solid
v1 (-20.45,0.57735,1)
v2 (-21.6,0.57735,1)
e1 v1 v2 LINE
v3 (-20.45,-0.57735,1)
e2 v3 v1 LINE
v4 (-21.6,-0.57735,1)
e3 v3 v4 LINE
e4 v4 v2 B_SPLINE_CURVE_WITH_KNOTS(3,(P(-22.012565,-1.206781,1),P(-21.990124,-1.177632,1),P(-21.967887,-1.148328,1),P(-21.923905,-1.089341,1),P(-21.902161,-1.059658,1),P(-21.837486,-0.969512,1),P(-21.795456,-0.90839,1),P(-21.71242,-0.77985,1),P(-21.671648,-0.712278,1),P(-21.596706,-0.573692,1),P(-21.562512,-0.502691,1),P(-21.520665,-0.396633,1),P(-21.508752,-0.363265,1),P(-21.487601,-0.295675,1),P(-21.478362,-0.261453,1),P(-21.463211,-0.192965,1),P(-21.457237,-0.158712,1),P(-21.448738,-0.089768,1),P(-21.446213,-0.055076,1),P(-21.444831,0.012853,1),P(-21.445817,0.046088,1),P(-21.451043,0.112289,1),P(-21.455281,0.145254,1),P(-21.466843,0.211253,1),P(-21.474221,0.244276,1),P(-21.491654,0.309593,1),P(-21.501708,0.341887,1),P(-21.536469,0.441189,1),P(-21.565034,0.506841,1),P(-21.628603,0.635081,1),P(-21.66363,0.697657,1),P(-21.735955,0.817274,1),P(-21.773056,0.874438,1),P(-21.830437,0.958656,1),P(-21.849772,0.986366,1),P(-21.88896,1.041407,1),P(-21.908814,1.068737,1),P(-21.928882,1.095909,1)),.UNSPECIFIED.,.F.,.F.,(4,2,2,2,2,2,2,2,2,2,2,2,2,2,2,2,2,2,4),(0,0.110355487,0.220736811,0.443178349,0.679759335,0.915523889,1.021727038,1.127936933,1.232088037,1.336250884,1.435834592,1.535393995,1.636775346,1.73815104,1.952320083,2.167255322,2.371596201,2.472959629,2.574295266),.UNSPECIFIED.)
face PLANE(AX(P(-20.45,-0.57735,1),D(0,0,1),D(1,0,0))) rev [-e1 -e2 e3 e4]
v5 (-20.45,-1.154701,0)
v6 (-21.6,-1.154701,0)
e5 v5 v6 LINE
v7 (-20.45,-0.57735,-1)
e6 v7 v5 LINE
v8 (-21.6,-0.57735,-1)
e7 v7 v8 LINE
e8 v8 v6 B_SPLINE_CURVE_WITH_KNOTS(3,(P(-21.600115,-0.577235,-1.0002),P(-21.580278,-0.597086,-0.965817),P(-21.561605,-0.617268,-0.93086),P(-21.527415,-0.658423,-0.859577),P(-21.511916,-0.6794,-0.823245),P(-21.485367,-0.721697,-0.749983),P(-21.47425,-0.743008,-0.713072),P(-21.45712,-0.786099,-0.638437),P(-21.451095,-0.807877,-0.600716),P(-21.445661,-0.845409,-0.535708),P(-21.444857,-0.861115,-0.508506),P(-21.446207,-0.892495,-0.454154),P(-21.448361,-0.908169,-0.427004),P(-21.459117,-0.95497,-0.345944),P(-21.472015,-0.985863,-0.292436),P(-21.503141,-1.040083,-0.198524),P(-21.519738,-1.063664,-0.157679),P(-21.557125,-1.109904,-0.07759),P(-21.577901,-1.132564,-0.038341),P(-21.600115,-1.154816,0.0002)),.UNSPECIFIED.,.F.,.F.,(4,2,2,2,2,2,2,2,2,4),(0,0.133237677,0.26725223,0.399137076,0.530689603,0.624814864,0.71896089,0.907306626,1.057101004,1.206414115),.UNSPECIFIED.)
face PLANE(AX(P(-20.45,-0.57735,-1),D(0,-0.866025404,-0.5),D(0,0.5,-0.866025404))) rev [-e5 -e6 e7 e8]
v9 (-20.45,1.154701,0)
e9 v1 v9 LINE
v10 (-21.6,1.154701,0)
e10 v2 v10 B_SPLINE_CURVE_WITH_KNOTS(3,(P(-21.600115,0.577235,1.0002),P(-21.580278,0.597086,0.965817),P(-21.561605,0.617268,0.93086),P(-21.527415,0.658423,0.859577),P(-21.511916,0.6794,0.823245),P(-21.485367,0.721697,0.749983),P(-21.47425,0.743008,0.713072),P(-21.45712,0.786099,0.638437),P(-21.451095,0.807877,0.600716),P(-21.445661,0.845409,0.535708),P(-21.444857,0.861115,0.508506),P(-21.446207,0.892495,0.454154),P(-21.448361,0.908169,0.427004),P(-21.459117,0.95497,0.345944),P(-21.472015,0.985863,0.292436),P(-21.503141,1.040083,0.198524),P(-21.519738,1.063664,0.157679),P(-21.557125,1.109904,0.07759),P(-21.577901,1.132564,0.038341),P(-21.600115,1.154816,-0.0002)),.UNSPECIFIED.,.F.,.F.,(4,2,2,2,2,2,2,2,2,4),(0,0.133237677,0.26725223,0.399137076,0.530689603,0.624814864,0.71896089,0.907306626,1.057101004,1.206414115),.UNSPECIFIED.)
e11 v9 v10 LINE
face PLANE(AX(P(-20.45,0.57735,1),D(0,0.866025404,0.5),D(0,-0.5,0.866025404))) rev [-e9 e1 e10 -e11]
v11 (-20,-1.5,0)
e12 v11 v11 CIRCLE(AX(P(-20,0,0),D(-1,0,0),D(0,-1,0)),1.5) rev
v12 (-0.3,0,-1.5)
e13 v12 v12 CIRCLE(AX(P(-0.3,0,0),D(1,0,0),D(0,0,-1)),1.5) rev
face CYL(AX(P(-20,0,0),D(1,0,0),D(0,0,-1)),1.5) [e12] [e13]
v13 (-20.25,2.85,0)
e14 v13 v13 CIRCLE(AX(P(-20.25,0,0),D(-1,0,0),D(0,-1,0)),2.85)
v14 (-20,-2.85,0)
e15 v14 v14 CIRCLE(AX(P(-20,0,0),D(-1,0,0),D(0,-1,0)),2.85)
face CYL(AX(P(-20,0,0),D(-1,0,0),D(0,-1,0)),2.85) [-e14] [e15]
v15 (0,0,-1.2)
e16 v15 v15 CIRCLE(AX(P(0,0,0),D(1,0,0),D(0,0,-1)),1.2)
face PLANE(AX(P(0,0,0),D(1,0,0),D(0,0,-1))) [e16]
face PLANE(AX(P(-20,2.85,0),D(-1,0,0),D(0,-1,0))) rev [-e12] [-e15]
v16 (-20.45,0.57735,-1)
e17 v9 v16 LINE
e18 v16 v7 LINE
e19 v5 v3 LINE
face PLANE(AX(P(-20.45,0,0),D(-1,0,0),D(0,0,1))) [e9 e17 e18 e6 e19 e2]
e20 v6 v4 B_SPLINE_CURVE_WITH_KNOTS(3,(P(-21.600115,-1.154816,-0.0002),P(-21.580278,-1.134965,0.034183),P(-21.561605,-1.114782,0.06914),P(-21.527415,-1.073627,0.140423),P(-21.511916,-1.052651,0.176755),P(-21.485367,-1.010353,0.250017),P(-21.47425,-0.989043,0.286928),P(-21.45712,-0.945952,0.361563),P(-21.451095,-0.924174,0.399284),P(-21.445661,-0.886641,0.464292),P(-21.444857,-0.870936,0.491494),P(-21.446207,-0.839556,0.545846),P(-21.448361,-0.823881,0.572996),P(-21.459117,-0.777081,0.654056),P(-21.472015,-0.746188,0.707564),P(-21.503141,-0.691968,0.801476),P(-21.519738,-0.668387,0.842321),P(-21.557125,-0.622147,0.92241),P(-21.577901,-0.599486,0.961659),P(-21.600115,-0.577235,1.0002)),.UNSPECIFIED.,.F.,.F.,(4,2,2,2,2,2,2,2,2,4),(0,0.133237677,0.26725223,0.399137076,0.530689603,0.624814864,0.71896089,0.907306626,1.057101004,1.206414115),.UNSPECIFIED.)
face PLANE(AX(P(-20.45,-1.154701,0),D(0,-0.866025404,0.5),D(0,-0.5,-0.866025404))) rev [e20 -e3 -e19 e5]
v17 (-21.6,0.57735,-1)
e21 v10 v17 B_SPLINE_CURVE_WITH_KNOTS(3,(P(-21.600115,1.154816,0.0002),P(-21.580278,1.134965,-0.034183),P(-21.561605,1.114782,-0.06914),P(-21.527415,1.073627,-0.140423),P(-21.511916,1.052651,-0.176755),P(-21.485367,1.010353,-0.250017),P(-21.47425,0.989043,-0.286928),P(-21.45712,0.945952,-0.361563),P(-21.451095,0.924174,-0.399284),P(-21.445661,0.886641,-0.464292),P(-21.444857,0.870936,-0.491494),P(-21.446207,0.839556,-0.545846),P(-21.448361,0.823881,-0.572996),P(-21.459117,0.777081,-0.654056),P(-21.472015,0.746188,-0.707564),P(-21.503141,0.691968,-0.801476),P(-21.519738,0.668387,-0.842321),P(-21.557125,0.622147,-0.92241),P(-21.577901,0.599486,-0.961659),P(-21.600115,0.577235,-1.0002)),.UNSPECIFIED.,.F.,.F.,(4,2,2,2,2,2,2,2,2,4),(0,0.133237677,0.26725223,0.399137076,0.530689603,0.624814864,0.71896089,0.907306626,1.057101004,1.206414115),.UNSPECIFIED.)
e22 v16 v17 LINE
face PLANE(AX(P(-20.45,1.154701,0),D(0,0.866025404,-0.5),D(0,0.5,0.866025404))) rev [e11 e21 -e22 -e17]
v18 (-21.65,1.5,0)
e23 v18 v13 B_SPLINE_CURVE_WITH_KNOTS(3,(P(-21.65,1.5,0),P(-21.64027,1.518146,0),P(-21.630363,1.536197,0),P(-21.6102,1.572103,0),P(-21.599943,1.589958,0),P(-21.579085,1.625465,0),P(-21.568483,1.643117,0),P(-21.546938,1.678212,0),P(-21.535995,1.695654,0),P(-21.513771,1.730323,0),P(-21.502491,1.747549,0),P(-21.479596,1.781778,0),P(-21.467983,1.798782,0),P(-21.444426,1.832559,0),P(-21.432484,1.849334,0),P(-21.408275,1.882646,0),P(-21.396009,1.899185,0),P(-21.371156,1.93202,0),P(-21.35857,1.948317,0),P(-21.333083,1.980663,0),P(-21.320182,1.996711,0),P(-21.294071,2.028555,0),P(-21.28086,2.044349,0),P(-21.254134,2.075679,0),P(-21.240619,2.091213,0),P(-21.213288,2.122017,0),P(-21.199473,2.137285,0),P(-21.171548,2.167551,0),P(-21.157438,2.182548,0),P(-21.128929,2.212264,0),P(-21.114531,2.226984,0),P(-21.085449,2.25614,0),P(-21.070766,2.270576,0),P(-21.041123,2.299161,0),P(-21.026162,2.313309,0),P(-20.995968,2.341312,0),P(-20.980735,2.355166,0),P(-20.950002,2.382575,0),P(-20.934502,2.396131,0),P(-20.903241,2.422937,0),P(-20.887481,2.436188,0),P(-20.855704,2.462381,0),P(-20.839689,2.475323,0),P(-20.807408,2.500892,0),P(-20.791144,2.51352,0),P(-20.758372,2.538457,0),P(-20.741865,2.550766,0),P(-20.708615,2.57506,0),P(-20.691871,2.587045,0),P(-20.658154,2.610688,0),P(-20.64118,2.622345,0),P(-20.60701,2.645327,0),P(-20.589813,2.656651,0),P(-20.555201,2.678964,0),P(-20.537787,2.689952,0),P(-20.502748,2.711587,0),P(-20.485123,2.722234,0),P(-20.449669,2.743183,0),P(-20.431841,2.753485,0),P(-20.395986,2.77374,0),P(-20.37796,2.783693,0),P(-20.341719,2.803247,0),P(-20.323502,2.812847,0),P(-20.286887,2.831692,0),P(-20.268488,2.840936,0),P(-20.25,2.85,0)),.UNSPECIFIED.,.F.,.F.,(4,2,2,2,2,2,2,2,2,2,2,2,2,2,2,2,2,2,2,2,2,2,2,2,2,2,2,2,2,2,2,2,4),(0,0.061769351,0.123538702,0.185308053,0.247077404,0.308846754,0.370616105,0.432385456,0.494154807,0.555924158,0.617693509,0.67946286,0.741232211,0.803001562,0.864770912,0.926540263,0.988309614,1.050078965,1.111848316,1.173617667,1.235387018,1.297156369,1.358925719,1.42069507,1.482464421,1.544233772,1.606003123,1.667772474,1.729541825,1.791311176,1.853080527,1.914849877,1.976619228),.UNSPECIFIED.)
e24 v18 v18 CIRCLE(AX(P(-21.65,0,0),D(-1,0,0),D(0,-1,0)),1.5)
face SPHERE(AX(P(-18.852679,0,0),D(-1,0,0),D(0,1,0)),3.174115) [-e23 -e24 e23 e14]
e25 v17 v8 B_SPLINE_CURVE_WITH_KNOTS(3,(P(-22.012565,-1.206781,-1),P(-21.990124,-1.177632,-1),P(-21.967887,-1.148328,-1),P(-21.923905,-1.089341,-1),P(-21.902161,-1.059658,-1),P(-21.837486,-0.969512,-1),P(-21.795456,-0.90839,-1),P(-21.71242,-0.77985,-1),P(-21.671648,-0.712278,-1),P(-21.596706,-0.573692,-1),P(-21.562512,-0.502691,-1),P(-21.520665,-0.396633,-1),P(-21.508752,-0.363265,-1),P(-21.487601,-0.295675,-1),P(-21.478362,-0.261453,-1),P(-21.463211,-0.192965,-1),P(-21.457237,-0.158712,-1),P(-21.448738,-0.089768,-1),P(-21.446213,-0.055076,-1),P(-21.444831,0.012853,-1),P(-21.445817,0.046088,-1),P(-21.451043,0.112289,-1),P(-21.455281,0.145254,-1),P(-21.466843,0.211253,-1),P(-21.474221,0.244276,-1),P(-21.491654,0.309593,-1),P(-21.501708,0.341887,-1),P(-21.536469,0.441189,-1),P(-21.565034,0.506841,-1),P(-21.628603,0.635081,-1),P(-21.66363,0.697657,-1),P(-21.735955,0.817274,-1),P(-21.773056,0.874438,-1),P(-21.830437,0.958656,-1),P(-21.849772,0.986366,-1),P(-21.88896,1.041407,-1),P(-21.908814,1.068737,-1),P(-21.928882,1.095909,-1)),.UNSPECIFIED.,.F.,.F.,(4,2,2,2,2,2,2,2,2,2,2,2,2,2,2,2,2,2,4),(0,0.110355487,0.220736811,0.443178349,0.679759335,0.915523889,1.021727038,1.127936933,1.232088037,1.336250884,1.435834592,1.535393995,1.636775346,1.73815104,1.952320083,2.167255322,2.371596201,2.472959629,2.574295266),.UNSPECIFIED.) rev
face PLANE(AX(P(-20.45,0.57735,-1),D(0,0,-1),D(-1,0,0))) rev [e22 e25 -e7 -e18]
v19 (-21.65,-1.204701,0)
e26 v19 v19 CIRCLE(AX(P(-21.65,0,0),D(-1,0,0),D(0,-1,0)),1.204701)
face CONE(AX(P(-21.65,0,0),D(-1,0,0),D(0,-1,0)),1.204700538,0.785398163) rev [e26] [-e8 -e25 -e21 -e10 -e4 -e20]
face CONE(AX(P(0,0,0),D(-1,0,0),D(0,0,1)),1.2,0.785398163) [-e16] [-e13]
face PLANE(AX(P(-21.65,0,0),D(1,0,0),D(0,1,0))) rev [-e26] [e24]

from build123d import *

# Parameters (mm, degrees)
SKETCH2_R           = 1.5
BOSS_EXTRUDE1_DEPTH = 20
CHAMFER1_SIZE       = 0.3
CUT_EXTRUDE1_DEPTH  = 1.2
SKETCH8_R           = 1.204700538
CUT_EXTRUDE2_DEPTH  = 1
CUT_EXTRUDE2_DRAFT  = -45


with BuildPart() as part:
    # Sketch2 → Boss-Extrude1 (new body)
    with BuildSketch(Plane(origin=(0, 0, 0), x_dir=(0, 0, -1), z_dir=(1, 0, 0))):
        Circle(SKETCH2_R)
    extrude(amount=-BOSS_EXTRUDE1_DEPTH)

    # Chamfer1
    chamfer1_edges = [part.edges().sort_by_distance(p)[0] for p in [
        (0, 0, 1.5),
    ]]
    chamfer(chamfer1_edges, length=CHAMFER1_SIZE)

    # Sketch6 → Revolve1 (revolve)
    with BuildSketch(Plane.XY):
        with BuildLine():
            Line((-21.65, 0), (-21.65, 1.5))
            ThreePointArc((-21.65, 1.5), (-21.055944823, 2.284868705), (-20.25, 2.85))
            Line((-20.25, 2.85), (-20, 2.85))
            Line((-20, 2.85), (-20, 0))
            Line((-20, 0), (-21.65, 0))
        make_face()
    revolve(axis=Axis((-20, 0, 0), (1, 0, 0)))

    # Sketch7 → Cut-Extrude1 (cut)
    with BuildSketch(Plane.ZY.offset(21.65)):
        Polygon((0, 1.154700538), (-1, 0.577350269), (-1, -0.577350269), (0, -1.154700538), (1, -0.577350269), (1, 0.577350269), align=None)
    extrude(amount=-CUT_EXTRUDE1_DEPTH, mode=Mode.SUBTRACT)


with BuildPart() as cut_extrude2_tool:
    # Sketch8 → Cut-Extrude2 (with draft: the straight prism first)
    with BuildSketch(Plane.ZY.offset(21.65)):
        Circle(SKETCH8_R)
    extrude(amount=-CUT_EXTRUDE2_DEPTH)
    # Cut-Extrude2: the draft: its side faces are tilted about the plane it starts from
    cut_extrude2_sides = [cut_extrude2_tool.faces().sort_by_distance(p)[0] for p in [
        (-21.15, 0, -1.204700538),
    ]]
    draft(cut_extrude2_sides, Plane.ZY.offset(21.65), CUT_EXTRUDE2_DRAFT)


with BuildPart() as part_1:
    add(part.part)

    # Cut-Extrude2: cut by cut_extrude2_tool
    add(cut_extrude2_tool.part, mode=Mode.SUBTRACT)


solid = part_1.part
